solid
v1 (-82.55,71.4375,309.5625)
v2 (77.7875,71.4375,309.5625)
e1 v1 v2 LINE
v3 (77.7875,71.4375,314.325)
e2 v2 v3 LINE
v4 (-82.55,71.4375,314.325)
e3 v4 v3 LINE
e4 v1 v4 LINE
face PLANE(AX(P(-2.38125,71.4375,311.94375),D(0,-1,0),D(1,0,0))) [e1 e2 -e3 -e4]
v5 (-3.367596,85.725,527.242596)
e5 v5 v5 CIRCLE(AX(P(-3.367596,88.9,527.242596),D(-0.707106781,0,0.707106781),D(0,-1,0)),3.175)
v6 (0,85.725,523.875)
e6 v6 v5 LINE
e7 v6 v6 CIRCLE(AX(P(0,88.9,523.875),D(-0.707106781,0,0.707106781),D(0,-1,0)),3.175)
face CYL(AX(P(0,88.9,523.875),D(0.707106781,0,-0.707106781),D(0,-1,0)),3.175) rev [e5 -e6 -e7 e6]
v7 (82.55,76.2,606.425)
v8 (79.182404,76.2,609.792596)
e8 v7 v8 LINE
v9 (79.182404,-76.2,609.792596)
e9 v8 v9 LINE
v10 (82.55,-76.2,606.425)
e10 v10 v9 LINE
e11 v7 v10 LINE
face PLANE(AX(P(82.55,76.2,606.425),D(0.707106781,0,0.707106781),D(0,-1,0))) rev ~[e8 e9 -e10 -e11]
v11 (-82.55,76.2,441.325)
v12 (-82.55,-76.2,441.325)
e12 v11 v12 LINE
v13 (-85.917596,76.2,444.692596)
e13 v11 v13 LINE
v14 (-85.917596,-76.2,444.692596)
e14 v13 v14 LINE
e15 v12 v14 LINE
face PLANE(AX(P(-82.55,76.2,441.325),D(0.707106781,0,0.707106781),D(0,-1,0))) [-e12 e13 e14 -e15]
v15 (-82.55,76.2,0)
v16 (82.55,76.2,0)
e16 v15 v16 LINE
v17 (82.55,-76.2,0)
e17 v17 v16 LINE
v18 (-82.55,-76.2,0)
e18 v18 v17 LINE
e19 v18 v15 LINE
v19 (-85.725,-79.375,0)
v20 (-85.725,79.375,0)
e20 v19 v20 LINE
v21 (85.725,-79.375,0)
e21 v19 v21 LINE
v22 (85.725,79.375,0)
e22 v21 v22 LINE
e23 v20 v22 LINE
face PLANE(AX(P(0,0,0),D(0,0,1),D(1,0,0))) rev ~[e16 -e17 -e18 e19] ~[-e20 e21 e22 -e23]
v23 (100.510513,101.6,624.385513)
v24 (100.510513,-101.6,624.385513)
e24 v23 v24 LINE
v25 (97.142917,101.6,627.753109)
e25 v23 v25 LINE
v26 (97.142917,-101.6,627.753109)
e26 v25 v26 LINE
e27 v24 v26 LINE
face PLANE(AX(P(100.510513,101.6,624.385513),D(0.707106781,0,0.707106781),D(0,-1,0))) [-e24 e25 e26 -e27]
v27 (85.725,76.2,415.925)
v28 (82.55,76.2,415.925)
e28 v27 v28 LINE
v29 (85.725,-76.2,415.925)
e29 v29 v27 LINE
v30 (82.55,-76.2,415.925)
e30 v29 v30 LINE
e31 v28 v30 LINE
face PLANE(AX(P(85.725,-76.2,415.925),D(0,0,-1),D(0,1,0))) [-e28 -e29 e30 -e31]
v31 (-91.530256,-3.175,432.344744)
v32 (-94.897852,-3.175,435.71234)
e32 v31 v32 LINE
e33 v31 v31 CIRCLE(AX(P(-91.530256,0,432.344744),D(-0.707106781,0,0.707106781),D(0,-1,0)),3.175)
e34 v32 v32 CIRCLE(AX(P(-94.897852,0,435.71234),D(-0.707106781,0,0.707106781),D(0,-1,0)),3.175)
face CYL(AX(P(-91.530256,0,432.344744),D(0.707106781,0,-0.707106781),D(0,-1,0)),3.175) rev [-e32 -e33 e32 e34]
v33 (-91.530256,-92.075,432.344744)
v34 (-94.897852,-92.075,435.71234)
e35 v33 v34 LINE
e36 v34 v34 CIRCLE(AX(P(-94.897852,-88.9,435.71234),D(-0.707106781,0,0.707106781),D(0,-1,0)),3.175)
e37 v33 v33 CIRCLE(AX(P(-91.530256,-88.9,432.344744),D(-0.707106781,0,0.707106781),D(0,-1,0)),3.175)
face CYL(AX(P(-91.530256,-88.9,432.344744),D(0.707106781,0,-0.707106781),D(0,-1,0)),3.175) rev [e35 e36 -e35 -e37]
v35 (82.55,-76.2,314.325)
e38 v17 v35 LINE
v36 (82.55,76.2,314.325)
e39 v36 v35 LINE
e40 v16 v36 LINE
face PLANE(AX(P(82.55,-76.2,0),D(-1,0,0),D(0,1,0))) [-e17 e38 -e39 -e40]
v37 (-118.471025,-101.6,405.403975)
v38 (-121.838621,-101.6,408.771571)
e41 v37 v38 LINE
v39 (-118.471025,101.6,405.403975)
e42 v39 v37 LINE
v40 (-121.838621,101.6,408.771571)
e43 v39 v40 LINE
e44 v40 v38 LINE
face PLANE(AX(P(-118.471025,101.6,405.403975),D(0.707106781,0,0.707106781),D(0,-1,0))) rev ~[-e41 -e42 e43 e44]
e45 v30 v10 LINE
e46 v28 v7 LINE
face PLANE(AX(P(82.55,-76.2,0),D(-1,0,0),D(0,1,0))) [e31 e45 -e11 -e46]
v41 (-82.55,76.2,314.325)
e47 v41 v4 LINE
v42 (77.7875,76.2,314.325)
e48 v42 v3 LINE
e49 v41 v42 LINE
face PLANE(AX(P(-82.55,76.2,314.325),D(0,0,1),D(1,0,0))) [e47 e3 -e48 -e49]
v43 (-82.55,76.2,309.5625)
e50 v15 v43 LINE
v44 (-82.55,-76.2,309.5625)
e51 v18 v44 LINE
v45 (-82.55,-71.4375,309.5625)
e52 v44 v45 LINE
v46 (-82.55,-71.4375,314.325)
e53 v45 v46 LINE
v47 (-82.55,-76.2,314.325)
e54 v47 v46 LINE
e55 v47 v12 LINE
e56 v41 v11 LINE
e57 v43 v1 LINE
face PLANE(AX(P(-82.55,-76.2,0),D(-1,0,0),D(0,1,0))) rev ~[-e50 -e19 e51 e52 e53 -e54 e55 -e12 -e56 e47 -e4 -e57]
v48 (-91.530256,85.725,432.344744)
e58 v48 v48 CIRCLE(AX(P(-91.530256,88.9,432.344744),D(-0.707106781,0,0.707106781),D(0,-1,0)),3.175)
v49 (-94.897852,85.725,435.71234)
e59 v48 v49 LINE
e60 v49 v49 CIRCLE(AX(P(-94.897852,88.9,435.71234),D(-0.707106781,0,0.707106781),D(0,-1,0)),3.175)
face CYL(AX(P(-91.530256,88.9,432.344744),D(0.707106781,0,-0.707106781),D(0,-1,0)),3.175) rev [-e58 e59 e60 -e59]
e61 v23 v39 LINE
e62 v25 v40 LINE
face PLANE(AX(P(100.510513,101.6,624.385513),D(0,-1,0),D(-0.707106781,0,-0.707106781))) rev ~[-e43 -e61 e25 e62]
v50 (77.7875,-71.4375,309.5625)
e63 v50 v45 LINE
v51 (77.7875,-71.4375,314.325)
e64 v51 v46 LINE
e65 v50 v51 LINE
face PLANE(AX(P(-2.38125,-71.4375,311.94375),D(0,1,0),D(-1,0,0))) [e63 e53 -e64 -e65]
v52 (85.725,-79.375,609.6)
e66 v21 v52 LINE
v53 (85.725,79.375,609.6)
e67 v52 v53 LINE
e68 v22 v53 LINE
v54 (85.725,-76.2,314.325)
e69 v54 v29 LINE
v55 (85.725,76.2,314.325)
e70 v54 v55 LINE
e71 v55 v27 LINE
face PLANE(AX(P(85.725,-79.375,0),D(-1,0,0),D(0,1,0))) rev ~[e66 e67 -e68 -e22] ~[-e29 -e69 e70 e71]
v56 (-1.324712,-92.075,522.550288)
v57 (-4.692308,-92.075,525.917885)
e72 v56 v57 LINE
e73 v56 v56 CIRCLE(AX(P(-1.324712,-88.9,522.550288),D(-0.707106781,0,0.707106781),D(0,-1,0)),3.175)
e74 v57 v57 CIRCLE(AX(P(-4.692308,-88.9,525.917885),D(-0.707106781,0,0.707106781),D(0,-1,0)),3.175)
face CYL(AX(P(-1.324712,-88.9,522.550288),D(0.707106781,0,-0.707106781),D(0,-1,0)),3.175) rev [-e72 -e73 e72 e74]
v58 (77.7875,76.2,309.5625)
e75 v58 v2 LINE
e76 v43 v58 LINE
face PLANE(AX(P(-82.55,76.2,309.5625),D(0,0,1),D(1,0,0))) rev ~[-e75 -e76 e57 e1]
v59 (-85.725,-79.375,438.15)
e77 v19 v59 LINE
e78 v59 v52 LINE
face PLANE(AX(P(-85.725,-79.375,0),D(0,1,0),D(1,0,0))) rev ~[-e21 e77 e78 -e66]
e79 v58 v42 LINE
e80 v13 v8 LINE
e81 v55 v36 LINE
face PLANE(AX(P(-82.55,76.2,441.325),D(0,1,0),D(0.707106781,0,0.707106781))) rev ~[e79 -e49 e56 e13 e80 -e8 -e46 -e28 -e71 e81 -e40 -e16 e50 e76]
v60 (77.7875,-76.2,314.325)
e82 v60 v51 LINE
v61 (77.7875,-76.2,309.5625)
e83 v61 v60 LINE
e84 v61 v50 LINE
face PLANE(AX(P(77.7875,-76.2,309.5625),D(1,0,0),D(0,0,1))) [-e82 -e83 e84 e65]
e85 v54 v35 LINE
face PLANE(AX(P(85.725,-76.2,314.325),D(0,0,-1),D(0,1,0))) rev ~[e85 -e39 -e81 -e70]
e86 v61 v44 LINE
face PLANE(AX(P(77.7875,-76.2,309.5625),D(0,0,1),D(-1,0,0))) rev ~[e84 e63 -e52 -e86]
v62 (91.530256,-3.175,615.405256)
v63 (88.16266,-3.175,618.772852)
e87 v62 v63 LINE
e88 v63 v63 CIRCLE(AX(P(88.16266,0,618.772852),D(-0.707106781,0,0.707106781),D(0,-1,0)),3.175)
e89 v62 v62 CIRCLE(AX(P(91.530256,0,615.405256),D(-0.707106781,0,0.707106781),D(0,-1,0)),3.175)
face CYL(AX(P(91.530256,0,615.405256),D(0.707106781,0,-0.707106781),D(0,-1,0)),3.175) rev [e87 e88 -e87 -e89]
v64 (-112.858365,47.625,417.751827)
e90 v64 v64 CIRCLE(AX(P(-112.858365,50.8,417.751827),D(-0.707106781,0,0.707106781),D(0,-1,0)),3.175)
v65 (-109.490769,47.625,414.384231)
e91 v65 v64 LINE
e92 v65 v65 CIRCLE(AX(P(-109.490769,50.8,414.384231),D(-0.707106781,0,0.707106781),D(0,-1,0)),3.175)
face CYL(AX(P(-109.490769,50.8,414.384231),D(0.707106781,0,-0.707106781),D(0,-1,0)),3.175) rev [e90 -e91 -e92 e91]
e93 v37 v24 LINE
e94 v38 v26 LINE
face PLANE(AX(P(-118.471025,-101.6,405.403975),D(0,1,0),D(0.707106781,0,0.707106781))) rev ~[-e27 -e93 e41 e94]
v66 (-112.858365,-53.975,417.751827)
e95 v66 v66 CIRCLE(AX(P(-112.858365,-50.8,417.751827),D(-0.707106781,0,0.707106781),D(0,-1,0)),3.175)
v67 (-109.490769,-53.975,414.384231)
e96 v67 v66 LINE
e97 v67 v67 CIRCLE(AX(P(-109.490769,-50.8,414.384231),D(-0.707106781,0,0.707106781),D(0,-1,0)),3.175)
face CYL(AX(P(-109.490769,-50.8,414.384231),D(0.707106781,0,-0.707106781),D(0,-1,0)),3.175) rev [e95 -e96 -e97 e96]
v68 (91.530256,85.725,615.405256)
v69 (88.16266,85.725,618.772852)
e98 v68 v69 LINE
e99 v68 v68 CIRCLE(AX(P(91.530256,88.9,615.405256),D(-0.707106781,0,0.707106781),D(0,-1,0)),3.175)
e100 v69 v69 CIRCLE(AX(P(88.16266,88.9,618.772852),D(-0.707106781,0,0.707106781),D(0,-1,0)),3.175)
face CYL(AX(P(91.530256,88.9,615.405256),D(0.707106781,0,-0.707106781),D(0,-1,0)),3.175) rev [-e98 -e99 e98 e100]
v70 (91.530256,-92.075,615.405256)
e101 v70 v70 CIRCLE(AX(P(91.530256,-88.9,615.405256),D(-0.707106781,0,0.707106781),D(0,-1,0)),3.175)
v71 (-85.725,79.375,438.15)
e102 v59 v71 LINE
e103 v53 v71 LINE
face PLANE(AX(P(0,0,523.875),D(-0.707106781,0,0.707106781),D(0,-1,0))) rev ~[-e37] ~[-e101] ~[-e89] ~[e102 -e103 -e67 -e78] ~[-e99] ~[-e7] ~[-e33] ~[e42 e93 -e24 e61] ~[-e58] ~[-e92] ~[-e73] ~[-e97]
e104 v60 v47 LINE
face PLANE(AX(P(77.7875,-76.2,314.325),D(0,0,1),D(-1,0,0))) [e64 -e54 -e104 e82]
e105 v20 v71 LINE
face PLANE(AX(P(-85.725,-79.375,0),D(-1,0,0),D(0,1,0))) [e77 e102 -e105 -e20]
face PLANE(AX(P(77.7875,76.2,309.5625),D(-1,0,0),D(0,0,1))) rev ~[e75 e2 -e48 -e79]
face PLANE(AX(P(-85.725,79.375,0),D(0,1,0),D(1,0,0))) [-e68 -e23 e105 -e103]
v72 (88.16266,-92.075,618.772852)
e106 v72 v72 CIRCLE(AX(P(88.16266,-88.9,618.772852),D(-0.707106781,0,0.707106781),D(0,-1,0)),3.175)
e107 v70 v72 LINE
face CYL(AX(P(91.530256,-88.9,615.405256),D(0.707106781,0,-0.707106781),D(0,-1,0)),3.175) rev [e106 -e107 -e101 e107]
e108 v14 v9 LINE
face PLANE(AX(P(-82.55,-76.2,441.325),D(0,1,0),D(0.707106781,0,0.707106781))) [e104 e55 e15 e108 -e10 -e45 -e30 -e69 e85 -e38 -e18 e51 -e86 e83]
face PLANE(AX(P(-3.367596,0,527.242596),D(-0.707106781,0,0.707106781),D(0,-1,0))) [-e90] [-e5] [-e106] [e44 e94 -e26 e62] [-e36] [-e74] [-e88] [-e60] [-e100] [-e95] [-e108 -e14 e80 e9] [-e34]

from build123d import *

# Parameters (mm, degrees)
F0_W      = 171.45
F0_H      = 158.75
F0_W_2    = 165.1
F0_H_2    = 152.4
F1_DEPTH  = 609.6
F3_DEPTH  = 158.751
F4_W      = 203.2
F4_H      = 284.28666
F4_R      = 3.175
F4_W_2    = 152.4
F4_H_2    = 233.48666
F4_H_3    = 25.4
F5_DEPTH  = 4.7625
F6_W      = 152.4
F6_H      = 101.6
F7_DEPTH  = 25.4
F8_W      = 160.3375
F8_H      = 4.7625
F9_DEPTH  = 4.7625
F10_W     = 160.3375
F10_H     = 4.7625
F11_DEPTH = 4.7625


with BuildPart() as f1:
    # F0 (on Top) → F1 (new body)
    with BuildSketch(Plane.XY):
        Rectangle(F0_W, F0_H)
        Rectangle(F0_W_2, F0_H_2, mode=Mode.SUBTRACT)
    extrude(amount=F1_DEPTH)

    # F2 (on face) → F3 (cut, through all)
    with BuildSketch(Plane.XZ.offset(79.375)):
        Polygon((-85.725, 438.15), (85.725, 609.6), (-85.725, 609.6), align=None)
    extrude(amount=-F3_DEPTH, mode=Mode.SUBTRACT)

    # F4 (on face) → F5 (join)
    with BuildSketch(Plane(origin=(-261.9375, 0, 261.9375), x_dir=(0, -1, 0), z_dir=(-0.707107, 0, 0.707107))):
        with Locations((0, 370.435565)):
            Rectangle(F4_W, F4_H)
        with Locations((-88.9, 240.992235)):
            Circle(F4_R, mode=Mode.SUBTRACT)
        with Locations((0, 240.992235)):
            Circle(F4_R, mode=Mode.SUBTRACT)
        with Locations((88.9, 240.992235)):
            Circle(F4_R, mode=Mode.SUBTRACT)
        with Locations((-88.9, 370.435565)):
            Circle(F4_R, mode=Mode.SUBTRACT)
        with Locations((0, 370.435565)):
            Rectangle(F4_W_2, F4_H_2, mode=Mode.SUBTRACT)
        with Locations((-88.9, 499.878895)):
            Circle(F4_R, mode=Mode.SUBTRACT)
        with Locations((0, 499.878895)):
            Circle(F4_R, mode=Mode.SUBTRACT)
        with Locations((88.9, 368.56214)):
            Circle(F4_R, mode=Mode.SUBTRACT)
        with Locations((88.9, 499.878895)):
            Circle(F4_R, mode=Mode.SUBTRACT)
        with Locations((0, 215.592235)):
            Rectangle(F4_W, F4_H_3)
        with Locations((-50.8, 215.592235)):
            Circle(F4_R, mode=Mode.SUBTRACT)
        with Locations((50.8, 215.592235)):
            Circle(F4_R, mode=Mode.SUBTRACT)
    extrude(amount=F5_DEPTH)

    # F6 (on face) → F7 (cut)
    with BuildSketch(Plane.YZ.offset(85.725)):
        with Locations((0, 365.125)):
            Rectangle(F6_W, F6_H)
    extrude(amount=-F7_DEPTH, mode=Mode.SUBTRACT)

    # F8 (on face) → F9 (join)
    with BuildSketch(Plane(origin=(0, -76.2, 0), x_dir=(-1, 0, 0), z_dir=(0, 1, 0))):
        with Locations((2.38125, 311.94375)):
            Rectangle(F8_W, F8_H)
    extrude(amount=F9_DEPTH)

    # F10 (on face) → F11 (join)
    with BuildSketch(Plane.XZ.offset(-76.2)):
        with Locations((-2.38125, 311.94375)):
            Rectangle(F10_W, F10_H)
    extrude(amount=F11_DEPTH)


solid = f1.part
